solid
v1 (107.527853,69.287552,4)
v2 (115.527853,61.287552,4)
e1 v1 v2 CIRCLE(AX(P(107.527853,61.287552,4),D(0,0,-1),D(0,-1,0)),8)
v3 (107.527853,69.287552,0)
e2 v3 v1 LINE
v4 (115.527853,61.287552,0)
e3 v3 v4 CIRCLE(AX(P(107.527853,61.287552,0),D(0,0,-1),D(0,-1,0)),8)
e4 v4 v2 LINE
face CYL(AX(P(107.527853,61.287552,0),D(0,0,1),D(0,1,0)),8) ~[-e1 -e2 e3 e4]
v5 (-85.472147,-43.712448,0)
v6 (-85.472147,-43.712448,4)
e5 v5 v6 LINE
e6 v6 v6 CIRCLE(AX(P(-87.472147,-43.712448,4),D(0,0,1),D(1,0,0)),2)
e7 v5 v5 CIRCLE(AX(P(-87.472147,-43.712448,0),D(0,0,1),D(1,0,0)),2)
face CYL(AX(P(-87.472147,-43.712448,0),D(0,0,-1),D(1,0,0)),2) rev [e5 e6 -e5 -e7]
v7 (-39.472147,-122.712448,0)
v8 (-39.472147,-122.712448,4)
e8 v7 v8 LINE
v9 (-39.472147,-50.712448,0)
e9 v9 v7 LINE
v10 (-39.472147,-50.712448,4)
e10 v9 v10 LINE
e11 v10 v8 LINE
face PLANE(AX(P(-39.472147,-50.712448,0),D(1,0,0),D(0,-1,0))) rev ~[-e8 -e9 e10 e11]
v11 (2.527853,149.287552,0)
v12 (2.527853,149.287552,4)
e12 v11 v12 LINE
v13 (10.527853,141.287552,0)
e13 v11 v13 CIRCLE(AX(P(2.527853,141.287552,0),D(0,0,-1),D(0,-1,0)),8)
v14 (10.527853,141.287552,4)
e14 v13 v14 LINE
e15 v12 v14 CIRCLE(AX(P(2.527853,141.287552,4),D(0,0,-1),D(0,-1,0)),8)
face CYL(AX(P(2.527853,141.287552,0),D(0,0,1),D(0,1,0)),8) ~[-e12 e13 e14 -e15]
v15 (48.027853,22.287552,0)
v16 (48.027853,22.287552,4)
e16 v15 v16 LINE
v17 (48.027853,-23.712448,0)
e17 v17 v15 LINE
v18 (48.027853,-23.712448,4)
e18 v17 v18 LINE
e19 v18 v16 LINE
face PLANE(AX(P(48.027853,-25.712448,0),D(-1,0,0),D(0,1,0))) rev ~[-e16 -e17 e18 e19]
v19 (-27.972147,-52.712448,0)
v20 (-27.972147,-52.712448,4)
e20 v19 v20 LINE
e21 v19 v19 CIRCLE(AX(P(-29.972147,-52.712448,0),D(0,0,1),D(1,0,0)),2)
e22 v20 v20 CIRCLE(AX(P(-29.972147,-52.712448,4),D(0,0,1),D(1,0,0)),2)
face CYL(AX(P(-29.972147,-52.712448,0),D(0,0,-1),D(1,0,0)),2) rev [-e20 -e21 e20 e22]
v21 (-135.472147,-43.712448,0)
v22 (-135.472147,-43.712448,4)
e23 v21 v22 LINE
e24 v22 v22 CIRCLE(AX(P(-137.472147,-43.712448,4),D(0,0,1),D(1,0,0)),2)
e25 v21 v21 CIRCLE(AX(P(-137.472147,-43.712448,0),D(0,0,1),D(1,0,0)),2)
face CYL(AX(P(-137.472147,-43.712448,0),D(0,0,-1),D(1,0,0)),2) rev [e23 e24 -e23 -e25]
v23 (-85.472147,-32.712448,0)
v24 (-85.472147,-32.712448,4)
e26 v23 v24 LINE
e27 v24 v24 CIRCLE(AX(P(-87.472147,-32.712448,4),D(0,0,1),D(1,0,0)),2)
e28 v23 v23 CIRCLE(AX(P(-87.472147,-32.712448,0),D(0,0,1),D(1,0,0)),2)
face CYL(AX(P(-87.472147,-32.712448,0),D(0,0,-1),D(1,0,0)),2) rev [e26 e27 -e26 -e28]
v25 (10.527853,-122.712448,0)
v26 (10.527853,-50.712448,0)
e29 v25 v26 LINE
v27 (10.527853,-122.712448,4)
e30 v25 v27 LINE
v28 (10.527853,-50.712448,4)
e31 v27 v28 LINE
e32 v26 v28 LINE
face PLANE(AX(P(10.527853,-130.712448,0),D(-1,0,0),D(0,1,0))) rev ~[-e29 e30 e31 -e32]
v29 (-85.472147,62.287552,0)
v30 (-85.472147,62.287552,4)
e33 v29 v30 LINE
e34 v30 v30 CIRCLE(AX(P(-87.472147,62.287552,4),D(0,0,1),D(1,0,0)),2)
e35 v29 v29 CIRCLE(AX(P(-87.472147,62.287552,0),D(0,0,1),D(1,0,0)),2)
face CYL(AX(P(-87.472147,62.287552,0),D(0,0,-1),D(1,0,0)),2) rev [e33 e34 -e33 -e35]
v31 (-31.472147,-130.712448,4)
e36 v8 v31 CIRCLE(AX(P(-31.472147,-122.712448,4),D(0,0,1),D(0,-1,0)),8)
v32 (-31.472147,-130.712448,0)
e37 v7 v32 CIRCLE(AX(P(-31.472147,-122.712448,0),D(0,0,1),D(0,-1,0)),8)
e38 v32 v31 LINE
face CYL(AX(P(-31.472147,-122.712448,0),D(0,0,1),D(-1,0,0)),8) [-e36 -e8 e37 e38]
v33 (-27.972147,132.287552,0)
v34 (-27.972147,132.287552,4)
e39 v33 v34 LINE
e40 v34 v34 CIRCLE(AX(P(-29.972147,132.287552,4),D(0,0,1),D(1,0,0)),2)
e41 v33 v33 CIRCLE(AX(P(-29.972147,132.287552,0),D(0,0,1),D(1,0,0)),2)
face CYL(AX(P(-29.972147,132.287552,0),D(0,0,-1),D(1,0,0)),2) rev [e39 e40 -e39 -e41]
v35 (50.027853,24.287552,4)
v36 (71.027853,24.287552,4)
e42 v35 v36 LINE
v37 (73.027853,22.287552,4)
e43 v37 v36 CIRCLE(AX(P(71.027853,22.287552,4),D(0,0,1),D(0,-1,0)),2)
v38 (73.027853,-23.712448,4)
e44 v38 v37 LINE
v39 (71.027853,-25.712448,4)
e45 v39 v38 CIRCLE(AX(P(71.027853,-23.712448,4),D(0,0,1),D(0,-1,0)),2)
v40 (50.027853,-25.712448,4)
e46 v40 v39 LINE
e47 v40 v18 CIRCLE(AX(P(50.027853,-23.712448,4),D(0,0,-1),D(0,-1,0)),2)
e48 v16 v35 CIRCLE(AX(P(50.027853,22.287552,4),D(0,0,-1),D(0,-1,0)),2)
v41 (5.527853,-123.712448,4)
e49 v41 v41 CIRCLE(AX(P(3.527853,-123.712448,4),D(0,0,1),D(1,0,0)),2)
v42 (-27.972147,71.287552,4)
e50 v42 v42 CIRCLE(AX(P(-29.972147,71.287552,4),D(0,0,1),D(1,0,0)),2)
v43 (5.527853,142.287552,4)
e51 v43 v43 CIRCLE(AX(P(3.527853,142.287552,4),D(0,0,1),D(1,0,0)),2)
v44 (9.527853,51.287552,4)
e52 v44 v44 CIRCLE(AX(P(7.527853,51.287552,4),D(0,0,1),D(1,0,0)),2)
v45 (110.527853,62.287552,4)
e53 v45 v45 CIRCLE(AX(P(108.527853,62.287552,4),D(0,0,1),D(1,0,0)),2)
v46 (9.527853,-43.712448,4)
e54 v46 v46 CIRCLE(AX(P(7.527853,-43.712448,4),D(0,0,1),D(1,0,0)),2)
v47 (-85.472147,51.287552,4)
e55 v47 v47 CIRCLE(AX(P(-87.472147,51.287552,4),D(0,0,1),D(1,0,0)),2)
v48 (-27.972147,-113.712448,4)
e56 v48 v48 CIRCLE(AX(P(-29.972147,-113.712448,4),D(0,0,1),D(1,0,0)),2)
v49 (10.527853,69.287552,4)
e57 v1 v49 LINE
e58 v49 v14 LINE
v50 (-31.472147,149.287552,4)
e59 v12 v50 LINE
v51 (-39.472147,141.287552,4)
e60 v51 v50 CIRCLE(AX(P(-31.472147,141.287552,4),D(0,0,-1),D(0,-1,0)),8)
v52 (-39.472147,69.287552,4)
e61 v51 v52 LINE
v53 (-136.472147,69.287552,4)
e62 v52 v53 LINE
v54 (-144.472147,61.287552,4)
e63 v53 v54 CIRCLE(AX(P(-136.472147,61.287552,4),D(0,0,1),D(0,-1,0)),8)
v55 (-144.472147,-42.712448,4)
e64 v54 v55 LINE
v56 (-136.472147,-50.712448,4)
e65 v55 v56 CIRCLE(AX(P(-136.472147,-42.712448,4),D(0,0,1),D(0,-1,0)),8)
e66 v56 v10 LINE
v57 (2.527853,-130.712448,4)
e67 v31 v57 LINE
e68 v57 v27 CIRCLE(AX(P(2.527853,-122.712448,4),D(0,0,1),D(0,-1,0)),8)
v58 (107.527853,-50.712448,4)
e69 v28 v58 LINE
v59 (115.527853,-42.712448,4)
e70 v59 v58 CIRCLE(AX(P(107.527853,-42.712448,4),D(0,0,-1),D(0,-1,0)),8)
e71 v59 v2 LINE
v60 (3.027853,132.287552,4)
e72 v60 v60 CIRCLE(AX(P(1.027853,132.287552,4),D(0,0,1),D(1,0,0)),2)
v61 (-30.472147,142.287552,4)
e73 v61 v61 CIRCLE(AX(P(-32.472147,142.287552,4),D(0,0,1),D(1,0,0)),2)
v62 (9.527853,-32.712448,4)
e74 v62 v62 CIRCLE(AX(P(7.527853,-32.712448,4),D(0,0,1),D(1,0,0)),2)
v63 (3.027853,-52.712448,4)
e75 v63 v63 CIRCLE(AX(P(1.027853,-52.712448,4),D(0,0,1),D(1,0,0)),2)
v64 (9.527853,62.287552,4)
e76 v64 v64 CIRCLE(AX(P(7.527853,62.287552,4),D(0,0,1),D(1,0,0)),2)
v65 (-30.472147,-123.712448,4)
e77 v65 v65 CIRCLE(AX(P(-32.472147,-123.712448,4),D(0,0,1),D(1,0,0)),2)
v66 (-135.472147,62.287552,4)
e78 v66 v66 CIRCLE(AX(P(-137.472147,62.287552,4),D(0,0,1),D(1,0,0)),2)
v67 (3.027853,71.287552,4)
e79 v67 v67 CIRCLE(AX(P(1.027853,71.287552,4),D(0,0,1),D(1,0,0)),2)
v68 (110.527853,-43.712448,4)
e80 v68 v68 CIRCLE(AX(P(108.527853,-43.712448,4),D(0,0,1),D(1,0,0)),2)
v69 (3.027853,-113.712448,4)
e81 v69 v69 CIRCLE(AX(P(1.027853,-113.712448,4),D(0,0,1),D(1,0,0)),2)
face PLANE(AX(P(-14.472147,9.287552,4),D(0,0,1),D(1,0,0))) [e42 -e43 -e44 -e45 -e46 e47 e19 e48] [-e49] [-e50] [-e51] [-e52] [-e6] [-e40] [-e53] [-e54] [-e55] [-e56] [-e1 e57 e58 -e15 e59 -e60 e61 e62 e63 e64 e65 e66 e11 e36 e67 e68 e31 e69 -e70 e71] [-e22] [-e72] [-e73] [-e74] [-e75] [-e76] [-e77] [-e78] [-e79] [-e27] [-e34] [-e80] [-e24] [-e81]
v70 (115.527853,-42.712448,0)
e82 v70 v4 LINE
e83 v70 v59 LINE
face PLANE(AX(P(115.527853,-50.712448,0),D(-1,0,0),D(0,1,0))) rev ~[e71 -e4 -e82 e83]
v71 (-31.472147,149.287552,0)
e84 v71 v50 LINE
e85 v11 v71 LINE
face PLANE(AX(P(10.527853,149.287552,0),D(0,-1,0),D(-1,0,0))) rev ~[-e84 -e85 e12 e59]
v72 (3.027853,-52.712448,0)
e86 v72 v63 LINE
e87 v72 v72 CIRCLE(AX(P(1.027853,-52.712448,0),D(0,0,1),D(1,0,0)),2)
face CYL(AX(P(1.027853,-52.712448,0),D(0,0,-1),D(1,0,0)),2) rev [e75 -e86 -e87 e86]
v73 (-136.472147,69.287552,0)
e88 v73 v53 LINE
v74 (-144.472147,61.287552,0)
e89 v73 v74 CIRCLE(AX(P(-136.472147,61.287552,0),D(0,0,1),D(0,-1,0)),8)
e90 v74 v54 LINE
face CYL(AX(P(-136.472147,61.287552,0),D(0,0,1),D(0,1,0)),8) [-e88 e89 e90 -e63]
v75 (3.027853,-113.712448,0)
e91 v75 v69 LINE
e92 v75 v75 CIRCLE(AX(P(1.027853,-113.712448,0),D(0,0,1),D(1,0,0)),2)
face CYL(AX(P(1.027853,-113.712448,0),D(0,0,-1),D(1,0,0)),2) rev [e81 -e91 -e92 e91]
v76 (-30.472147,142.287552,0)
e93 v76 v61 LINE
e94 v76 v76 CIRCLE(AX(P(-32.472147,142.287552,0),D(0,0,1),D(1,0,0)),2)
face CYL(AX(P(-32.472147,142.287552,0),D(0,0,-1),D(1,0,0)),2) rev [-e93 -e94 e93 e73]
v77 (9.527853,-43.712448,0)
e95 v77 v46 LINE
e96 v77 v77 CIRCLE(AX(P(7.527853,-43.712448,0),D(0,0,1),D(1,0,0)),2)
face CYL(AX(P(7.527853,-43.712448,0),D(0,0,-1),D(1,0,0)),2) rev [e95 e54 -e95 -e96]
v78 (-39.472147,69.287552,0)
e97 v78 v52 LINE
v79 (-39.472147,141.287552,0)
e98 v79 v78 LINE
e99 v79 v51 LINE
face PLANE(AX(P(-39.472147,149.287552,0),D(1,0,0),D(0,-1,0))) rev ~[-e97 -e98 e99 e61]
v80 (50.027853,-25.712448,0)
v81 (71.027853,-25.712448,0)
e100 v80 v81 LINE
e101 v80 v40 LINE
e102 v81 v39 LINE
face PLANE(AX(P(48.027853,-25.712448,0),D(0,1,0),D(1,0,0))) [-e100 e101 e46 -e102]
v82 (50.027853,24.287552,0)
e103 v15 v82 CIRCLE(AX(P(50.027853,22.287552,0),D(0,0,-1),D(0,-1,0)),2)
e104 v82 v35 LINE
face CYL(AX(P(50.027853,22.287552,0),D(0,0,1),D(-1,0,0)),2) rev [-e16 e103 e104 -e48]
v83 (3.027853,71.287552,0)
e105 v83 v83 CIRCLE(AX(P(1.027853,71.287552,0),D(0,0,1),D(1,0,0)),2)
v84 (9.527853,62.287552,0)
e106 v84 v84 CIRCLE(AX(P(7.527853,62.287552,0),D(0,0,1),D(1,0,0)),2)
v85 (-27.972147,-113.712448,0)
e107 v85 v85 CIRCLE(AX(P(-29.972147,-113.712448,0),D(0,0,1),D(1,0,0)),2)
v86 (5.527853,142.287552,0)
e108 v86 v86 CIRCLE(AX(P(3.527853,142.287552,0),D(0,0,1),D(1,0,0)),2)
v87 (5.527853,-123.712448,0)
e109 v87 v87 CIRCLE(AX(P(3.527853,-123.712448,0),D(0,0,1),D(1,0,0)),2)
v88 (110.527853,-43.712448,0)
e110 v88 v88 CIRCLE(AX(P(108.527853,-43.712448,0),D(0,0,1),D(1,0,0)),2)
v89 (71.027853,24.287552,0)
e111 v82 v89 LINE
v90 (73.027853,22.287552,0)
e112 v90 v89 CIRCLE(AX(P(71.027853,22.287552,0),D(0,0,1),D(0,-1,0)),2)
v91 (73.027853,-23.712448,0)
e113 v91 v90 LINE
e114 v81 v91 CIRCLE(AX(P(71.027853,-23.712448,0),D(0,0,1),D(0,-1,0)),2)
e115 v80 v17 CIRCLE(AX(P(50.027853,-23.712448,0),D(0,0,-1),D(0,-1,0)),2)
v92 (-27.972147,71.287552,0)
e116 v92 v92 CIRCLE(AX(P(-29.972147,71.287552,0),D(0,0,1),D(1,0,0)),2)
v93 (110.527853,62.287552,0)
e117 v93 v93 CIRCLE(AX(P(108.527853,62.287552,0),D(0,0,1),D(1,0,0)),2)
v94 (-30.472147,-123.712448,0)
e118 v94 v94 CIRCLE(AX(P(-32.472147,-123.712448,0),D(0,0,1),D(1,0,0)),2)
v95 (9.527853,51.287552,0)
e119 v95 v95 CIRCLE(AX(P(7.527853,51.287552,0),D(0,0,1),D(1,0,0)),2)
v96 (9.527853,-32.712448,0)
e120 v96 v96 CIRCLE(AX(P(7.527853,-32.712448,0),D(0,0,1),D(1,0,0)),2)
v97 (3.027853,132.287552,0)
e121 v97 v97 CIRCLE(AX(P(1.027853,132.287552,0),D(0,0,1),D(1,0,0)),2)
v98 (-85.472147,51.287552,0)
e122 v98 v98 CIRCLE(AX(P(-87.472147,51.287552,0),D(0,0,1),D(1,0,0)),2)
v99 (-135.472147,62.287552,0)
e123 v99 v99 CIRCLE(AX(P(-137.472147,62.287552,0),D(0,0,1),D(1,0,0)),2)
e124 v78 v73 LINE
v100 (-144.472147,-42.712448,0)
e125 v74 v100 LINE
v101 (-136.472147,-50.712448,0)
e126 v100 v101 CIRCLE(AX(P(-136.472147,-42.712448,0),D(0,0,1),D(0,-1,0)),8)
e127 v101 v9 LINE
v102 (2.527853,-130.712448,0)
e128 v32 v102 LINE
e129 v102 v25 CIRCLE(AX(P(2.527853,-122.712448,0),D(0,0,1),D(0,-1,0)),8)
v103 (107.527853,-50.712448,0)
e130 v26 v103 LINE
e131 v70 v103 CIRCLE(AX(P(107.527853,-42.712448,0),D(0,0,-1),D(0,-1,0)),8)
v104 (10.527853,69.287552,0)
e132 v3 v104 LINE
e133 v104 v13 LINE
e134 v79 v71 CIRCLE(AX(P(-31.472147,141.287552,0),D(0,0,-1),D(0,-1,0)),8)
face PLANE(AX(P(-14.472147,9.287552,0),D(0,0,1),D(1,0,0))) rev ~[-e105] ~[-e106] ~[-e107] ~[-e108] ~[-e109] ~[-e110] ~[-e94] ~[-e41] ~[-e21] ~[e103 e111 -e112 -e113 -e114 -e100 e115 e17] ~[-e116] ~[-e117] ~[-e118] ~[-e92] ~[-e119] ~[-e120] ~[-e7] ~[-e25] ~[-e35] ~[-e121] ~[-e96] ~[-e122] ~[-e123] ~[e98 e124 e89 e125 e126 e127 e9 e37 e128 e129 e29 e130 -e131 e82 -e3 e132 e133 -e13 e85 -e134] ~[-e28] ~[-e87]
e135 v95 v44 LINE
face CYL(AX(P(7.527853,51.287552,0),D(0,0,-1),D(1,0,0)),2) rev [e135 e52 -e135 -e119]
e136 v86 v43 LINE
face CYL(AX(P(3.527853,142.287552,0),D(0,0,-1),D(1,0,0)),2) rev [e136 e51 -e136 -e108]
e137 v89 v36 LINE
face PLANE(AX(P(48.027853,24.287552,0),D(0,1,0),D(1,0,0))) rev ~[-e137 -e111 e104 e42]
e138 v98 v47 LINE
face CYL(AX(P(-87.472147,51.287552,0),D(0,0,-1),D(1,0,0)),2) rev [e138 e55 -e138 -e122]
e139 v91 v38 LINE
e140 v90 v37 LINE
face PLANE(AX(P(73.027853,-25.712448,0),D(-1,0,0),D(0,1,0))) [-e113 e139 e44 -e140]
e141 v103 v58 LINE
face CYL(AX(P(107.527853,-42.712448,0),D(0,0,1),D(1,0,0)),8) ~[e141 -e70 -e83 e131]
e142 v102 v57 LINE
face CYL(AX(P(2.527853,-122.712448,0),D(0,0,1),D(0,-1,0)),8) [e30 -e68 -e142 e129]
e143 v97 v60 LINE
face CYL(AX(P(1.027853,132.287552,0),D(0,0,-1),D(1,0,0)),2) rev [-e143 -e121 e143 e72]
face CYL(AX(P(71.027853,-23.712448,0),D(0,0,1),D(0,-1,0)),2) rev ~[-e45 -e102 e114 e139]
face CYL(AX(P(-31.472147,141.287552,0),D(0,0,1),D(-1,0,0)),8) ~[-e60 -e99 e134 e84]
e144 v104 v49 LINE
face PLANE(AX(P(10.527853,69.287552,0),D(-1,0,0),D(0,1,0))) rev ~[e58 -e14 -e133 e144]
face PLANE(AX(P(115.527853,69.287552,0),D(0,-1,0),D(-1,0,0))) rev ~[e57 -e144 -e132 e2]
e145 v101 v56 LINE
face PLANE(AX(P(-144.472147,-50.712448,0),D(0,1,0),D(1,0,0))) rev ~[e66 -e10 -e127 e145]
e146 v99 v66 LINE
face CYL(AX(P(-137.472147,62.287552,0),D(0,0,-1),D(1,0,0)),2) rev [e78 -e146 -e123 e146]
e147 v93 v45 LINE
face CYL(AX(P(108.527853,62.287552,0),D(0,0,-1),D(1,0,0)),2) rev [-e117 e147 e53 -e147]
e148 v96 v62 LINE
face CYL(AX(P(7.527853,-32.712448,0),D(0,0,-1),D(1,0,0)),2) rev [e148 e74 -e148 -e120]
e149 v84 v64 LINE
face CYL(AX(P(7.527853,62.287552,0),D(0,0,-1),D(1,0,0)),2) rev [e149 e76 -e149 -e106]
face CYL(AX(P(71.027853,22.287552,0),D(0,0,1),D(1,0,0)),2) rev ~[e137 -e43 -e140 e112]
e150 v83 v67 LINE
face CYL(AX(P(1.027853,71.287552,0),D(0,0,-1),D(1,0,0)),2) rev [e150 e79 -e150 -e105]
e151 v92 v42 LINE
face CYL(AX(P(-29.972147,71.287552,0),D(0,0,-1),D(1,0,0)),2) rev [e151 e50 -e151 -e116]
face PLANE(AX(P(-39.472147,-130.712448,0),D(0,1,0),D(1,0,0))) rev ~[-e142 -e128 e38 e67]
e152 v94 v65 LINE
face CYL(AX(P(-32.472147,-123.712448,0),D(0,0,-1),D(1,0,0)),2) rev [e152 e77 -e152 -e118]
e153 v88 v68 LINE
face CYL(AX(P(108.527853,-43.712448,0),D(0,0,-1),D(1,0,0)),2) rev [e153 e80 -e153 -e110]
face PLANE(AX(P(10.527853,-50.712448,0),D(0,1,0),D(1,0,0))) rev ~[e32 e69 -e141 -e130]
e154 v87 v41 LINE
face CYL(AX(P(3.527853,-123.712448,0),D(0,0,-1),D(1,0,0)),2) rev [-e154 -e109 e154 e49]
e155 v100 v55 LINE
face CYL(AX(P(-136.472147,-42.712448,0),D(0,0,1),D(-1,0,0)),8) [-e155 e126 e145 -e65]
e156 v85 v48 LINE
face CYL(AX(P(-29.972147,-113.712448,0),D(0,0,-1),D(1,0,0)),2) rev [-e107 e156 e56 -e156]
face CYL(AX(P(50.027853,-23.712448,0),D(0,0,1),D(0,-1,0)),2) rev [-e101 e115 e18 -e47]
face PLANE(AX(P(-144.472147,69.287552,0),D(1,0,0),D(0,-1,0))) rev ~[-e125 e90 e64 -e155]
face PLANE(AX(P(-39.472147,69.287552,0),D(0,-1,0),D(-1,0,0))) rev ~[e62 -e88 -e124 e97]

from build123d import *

# Parameters (mm, degrees)
SKETCH_2_W      = 25
SKETCH_2_H      = 50
SKETCH_2_R      = 2
EXTRUDE_1_DEPTH = 4
FILLET_1_R      = 8
FILLET_2_R      = 2


with BuildPart() as part:
    # 草图2 → 凸台-拉伸1 (new body)
    with BuildSketch(Plane.XY):
        Polygon((-39.472146663, 69.287551935), (-144.472146663, 69.287551935), (-144.472146663, -50.712448065), (-39.472146663, -50.712448065), (-39.472146663, -130.712448065), (10.527853337, -130.712448065), (10.527853337, -50.712448065), (115.527853337, -50.712448065), (115.527853337, 69.287551935), (10.527853337, 69.287551935), (10.527853337, 149.287551935), (-39.472146663, 149.287551935), align=None)
        with Locations((60.527853337, -0.712448065)):
            Rectangle(SKETCH_2_W, SKETCH_2_H, mode=Mode.SUBTRACT)
        with Locations((-87.472146663, -43.712448065)):
            Circle(SKETCH_2_R, mode=Mode.SUBTRACT)
        with Locations((-87.472146663, -32.712448065)):
            Circle(SKETCH_2_R, mode=Mode.SUBTRACT)
        with Locations((7.527853337, -32.712448065)):
            Circle(SKETCH_2_R, mode=Mode.SUBTRACT)
        with Locations((7.527853337, -43.712448065)):
            Circle(SKETCH_2_R, mode=Mode.SUBTRACT)
        with Locations((7.527853337, 51.287551935)):
            Circle(SKETCH_2_R, mode=Mode.SUBTRACT)
        with Locations((7.527853337, 62.287551935)):
            Circle(SKETCH_2_R, mode=Mode.SUBTRACT)
        with Locations((-87.472146663, 51.287551935)):
            Circle(SKETCH_2_R, mode=Mode.SUBTRACT)
        with Locations((-87.472146663, 62.287551935)):
            Circle(SKETCH_2_R, mode=Mode.SUBTRACT)
        with Locations((-137.472146663, 62.287551935)):
            Circle(SKETCH_2_R, mode=Mode.SUBTRACT)
        with Locations((-137.472146663, -43.712448065)):
            Circle(SKETCH_2_R, mode=Mode.SUBTRACT)
        with Locations((-29.972146663, 132.287551935)):
            Circle(SKETCH_2_R, mode=Mode.SUBTRACT)
        with Locations((1.027853337, 132.287551935)):
            Circle(SKETCH_2_R, mode=Mode.SUBTRACT)
        with Locations((1.027853337, 71.287551935)):
            Circle(SKETCH_2_R, mode=Mode.SUBTRACT)
        with Locations((-29.972146663, 71.287551935)):
            Circle(SKETCH_2_R, mode=Mode.SUBTRACT)
        with Locations((3.527853337, 142.287551935)):
            Circle(SKETCH_2_R, mode=Mode.SUBTRACT)
        with Locations((-32.472146663, 142.287551935)):
            Circle(SKETCH_2_R, mode=Mode.SUBTRACT)
        with Locations((108.527853337, 62.287551935)):
            Circle(SKETCH_2_R, mode=Mode.SUBTRACT)
        with Locations((108.527853337, -43.712448065)):
            Circle(SKETCH_2_R, mode=Mode.SUBTRACT)
        with Locations((1.027853337, -52.712448065)):
            Circle(SKETCH_2_R, mode=Mode.SUBTRACT)
        with Locations((3.527853337, -123.712448065)):
            Circle(SKETCH_2_R, mode=Mode.SUBTRACT)
        with Locations((-32.472146663, -123.712448065)):
            Circle(SKETCH_2_R, mode=Mode.SUBTRACT)
        with Locations((-29.972146663, -113.712448065)):
            Circle(SKETCH_2_R, mode=Mode.SUBTRACT)
        with Locations((-29.972146663, -52.712448065)):
            Circle(SKETCH_2_R, mode=Mode.SUBTRACT)
        with Locations((1.027853337, -113.712448065)):
            Circle(SKETCH_2_R, mode=Mode.SUBTRACT)
    extrude(amount=EXTRUDE_1_DEPTH)

    # 圆角1
    fillet_1_edges = [part.edges().sort_by_distance(p)[0] for p in [
        (10.527853337, -130.712448065, 2),
        (-39.472146663, -130.712448065, 2),
        (-144.472146663, -50.712448065, 2),
        (-144.472146663, 69.287551935, 2),
        (-39.472146663, 149.287551935, 2),
        (10.527853337, 149.287551935, 2),
        (115.527853337, 69.287551935, 2),
        (115.527853337, -50.712448065, 2),
    ]]
    fillet(fillet_1_edges, radius=FILLET_1_R)

    # 圆角2
    fillet_2_edges = [part.edges().sort_by_distance(p)[0] for p in [
        (73.027853337, -25.712448065, 2),
        (73.027853337, 24.287551935, 2),
        (48.027853337, 24.287551935, 2),
        (48.027853337, -25.712448065, 2),
    ]]
    fillet(fillet_2_edges, radius=FILLET_2_R)


solid = part.part
